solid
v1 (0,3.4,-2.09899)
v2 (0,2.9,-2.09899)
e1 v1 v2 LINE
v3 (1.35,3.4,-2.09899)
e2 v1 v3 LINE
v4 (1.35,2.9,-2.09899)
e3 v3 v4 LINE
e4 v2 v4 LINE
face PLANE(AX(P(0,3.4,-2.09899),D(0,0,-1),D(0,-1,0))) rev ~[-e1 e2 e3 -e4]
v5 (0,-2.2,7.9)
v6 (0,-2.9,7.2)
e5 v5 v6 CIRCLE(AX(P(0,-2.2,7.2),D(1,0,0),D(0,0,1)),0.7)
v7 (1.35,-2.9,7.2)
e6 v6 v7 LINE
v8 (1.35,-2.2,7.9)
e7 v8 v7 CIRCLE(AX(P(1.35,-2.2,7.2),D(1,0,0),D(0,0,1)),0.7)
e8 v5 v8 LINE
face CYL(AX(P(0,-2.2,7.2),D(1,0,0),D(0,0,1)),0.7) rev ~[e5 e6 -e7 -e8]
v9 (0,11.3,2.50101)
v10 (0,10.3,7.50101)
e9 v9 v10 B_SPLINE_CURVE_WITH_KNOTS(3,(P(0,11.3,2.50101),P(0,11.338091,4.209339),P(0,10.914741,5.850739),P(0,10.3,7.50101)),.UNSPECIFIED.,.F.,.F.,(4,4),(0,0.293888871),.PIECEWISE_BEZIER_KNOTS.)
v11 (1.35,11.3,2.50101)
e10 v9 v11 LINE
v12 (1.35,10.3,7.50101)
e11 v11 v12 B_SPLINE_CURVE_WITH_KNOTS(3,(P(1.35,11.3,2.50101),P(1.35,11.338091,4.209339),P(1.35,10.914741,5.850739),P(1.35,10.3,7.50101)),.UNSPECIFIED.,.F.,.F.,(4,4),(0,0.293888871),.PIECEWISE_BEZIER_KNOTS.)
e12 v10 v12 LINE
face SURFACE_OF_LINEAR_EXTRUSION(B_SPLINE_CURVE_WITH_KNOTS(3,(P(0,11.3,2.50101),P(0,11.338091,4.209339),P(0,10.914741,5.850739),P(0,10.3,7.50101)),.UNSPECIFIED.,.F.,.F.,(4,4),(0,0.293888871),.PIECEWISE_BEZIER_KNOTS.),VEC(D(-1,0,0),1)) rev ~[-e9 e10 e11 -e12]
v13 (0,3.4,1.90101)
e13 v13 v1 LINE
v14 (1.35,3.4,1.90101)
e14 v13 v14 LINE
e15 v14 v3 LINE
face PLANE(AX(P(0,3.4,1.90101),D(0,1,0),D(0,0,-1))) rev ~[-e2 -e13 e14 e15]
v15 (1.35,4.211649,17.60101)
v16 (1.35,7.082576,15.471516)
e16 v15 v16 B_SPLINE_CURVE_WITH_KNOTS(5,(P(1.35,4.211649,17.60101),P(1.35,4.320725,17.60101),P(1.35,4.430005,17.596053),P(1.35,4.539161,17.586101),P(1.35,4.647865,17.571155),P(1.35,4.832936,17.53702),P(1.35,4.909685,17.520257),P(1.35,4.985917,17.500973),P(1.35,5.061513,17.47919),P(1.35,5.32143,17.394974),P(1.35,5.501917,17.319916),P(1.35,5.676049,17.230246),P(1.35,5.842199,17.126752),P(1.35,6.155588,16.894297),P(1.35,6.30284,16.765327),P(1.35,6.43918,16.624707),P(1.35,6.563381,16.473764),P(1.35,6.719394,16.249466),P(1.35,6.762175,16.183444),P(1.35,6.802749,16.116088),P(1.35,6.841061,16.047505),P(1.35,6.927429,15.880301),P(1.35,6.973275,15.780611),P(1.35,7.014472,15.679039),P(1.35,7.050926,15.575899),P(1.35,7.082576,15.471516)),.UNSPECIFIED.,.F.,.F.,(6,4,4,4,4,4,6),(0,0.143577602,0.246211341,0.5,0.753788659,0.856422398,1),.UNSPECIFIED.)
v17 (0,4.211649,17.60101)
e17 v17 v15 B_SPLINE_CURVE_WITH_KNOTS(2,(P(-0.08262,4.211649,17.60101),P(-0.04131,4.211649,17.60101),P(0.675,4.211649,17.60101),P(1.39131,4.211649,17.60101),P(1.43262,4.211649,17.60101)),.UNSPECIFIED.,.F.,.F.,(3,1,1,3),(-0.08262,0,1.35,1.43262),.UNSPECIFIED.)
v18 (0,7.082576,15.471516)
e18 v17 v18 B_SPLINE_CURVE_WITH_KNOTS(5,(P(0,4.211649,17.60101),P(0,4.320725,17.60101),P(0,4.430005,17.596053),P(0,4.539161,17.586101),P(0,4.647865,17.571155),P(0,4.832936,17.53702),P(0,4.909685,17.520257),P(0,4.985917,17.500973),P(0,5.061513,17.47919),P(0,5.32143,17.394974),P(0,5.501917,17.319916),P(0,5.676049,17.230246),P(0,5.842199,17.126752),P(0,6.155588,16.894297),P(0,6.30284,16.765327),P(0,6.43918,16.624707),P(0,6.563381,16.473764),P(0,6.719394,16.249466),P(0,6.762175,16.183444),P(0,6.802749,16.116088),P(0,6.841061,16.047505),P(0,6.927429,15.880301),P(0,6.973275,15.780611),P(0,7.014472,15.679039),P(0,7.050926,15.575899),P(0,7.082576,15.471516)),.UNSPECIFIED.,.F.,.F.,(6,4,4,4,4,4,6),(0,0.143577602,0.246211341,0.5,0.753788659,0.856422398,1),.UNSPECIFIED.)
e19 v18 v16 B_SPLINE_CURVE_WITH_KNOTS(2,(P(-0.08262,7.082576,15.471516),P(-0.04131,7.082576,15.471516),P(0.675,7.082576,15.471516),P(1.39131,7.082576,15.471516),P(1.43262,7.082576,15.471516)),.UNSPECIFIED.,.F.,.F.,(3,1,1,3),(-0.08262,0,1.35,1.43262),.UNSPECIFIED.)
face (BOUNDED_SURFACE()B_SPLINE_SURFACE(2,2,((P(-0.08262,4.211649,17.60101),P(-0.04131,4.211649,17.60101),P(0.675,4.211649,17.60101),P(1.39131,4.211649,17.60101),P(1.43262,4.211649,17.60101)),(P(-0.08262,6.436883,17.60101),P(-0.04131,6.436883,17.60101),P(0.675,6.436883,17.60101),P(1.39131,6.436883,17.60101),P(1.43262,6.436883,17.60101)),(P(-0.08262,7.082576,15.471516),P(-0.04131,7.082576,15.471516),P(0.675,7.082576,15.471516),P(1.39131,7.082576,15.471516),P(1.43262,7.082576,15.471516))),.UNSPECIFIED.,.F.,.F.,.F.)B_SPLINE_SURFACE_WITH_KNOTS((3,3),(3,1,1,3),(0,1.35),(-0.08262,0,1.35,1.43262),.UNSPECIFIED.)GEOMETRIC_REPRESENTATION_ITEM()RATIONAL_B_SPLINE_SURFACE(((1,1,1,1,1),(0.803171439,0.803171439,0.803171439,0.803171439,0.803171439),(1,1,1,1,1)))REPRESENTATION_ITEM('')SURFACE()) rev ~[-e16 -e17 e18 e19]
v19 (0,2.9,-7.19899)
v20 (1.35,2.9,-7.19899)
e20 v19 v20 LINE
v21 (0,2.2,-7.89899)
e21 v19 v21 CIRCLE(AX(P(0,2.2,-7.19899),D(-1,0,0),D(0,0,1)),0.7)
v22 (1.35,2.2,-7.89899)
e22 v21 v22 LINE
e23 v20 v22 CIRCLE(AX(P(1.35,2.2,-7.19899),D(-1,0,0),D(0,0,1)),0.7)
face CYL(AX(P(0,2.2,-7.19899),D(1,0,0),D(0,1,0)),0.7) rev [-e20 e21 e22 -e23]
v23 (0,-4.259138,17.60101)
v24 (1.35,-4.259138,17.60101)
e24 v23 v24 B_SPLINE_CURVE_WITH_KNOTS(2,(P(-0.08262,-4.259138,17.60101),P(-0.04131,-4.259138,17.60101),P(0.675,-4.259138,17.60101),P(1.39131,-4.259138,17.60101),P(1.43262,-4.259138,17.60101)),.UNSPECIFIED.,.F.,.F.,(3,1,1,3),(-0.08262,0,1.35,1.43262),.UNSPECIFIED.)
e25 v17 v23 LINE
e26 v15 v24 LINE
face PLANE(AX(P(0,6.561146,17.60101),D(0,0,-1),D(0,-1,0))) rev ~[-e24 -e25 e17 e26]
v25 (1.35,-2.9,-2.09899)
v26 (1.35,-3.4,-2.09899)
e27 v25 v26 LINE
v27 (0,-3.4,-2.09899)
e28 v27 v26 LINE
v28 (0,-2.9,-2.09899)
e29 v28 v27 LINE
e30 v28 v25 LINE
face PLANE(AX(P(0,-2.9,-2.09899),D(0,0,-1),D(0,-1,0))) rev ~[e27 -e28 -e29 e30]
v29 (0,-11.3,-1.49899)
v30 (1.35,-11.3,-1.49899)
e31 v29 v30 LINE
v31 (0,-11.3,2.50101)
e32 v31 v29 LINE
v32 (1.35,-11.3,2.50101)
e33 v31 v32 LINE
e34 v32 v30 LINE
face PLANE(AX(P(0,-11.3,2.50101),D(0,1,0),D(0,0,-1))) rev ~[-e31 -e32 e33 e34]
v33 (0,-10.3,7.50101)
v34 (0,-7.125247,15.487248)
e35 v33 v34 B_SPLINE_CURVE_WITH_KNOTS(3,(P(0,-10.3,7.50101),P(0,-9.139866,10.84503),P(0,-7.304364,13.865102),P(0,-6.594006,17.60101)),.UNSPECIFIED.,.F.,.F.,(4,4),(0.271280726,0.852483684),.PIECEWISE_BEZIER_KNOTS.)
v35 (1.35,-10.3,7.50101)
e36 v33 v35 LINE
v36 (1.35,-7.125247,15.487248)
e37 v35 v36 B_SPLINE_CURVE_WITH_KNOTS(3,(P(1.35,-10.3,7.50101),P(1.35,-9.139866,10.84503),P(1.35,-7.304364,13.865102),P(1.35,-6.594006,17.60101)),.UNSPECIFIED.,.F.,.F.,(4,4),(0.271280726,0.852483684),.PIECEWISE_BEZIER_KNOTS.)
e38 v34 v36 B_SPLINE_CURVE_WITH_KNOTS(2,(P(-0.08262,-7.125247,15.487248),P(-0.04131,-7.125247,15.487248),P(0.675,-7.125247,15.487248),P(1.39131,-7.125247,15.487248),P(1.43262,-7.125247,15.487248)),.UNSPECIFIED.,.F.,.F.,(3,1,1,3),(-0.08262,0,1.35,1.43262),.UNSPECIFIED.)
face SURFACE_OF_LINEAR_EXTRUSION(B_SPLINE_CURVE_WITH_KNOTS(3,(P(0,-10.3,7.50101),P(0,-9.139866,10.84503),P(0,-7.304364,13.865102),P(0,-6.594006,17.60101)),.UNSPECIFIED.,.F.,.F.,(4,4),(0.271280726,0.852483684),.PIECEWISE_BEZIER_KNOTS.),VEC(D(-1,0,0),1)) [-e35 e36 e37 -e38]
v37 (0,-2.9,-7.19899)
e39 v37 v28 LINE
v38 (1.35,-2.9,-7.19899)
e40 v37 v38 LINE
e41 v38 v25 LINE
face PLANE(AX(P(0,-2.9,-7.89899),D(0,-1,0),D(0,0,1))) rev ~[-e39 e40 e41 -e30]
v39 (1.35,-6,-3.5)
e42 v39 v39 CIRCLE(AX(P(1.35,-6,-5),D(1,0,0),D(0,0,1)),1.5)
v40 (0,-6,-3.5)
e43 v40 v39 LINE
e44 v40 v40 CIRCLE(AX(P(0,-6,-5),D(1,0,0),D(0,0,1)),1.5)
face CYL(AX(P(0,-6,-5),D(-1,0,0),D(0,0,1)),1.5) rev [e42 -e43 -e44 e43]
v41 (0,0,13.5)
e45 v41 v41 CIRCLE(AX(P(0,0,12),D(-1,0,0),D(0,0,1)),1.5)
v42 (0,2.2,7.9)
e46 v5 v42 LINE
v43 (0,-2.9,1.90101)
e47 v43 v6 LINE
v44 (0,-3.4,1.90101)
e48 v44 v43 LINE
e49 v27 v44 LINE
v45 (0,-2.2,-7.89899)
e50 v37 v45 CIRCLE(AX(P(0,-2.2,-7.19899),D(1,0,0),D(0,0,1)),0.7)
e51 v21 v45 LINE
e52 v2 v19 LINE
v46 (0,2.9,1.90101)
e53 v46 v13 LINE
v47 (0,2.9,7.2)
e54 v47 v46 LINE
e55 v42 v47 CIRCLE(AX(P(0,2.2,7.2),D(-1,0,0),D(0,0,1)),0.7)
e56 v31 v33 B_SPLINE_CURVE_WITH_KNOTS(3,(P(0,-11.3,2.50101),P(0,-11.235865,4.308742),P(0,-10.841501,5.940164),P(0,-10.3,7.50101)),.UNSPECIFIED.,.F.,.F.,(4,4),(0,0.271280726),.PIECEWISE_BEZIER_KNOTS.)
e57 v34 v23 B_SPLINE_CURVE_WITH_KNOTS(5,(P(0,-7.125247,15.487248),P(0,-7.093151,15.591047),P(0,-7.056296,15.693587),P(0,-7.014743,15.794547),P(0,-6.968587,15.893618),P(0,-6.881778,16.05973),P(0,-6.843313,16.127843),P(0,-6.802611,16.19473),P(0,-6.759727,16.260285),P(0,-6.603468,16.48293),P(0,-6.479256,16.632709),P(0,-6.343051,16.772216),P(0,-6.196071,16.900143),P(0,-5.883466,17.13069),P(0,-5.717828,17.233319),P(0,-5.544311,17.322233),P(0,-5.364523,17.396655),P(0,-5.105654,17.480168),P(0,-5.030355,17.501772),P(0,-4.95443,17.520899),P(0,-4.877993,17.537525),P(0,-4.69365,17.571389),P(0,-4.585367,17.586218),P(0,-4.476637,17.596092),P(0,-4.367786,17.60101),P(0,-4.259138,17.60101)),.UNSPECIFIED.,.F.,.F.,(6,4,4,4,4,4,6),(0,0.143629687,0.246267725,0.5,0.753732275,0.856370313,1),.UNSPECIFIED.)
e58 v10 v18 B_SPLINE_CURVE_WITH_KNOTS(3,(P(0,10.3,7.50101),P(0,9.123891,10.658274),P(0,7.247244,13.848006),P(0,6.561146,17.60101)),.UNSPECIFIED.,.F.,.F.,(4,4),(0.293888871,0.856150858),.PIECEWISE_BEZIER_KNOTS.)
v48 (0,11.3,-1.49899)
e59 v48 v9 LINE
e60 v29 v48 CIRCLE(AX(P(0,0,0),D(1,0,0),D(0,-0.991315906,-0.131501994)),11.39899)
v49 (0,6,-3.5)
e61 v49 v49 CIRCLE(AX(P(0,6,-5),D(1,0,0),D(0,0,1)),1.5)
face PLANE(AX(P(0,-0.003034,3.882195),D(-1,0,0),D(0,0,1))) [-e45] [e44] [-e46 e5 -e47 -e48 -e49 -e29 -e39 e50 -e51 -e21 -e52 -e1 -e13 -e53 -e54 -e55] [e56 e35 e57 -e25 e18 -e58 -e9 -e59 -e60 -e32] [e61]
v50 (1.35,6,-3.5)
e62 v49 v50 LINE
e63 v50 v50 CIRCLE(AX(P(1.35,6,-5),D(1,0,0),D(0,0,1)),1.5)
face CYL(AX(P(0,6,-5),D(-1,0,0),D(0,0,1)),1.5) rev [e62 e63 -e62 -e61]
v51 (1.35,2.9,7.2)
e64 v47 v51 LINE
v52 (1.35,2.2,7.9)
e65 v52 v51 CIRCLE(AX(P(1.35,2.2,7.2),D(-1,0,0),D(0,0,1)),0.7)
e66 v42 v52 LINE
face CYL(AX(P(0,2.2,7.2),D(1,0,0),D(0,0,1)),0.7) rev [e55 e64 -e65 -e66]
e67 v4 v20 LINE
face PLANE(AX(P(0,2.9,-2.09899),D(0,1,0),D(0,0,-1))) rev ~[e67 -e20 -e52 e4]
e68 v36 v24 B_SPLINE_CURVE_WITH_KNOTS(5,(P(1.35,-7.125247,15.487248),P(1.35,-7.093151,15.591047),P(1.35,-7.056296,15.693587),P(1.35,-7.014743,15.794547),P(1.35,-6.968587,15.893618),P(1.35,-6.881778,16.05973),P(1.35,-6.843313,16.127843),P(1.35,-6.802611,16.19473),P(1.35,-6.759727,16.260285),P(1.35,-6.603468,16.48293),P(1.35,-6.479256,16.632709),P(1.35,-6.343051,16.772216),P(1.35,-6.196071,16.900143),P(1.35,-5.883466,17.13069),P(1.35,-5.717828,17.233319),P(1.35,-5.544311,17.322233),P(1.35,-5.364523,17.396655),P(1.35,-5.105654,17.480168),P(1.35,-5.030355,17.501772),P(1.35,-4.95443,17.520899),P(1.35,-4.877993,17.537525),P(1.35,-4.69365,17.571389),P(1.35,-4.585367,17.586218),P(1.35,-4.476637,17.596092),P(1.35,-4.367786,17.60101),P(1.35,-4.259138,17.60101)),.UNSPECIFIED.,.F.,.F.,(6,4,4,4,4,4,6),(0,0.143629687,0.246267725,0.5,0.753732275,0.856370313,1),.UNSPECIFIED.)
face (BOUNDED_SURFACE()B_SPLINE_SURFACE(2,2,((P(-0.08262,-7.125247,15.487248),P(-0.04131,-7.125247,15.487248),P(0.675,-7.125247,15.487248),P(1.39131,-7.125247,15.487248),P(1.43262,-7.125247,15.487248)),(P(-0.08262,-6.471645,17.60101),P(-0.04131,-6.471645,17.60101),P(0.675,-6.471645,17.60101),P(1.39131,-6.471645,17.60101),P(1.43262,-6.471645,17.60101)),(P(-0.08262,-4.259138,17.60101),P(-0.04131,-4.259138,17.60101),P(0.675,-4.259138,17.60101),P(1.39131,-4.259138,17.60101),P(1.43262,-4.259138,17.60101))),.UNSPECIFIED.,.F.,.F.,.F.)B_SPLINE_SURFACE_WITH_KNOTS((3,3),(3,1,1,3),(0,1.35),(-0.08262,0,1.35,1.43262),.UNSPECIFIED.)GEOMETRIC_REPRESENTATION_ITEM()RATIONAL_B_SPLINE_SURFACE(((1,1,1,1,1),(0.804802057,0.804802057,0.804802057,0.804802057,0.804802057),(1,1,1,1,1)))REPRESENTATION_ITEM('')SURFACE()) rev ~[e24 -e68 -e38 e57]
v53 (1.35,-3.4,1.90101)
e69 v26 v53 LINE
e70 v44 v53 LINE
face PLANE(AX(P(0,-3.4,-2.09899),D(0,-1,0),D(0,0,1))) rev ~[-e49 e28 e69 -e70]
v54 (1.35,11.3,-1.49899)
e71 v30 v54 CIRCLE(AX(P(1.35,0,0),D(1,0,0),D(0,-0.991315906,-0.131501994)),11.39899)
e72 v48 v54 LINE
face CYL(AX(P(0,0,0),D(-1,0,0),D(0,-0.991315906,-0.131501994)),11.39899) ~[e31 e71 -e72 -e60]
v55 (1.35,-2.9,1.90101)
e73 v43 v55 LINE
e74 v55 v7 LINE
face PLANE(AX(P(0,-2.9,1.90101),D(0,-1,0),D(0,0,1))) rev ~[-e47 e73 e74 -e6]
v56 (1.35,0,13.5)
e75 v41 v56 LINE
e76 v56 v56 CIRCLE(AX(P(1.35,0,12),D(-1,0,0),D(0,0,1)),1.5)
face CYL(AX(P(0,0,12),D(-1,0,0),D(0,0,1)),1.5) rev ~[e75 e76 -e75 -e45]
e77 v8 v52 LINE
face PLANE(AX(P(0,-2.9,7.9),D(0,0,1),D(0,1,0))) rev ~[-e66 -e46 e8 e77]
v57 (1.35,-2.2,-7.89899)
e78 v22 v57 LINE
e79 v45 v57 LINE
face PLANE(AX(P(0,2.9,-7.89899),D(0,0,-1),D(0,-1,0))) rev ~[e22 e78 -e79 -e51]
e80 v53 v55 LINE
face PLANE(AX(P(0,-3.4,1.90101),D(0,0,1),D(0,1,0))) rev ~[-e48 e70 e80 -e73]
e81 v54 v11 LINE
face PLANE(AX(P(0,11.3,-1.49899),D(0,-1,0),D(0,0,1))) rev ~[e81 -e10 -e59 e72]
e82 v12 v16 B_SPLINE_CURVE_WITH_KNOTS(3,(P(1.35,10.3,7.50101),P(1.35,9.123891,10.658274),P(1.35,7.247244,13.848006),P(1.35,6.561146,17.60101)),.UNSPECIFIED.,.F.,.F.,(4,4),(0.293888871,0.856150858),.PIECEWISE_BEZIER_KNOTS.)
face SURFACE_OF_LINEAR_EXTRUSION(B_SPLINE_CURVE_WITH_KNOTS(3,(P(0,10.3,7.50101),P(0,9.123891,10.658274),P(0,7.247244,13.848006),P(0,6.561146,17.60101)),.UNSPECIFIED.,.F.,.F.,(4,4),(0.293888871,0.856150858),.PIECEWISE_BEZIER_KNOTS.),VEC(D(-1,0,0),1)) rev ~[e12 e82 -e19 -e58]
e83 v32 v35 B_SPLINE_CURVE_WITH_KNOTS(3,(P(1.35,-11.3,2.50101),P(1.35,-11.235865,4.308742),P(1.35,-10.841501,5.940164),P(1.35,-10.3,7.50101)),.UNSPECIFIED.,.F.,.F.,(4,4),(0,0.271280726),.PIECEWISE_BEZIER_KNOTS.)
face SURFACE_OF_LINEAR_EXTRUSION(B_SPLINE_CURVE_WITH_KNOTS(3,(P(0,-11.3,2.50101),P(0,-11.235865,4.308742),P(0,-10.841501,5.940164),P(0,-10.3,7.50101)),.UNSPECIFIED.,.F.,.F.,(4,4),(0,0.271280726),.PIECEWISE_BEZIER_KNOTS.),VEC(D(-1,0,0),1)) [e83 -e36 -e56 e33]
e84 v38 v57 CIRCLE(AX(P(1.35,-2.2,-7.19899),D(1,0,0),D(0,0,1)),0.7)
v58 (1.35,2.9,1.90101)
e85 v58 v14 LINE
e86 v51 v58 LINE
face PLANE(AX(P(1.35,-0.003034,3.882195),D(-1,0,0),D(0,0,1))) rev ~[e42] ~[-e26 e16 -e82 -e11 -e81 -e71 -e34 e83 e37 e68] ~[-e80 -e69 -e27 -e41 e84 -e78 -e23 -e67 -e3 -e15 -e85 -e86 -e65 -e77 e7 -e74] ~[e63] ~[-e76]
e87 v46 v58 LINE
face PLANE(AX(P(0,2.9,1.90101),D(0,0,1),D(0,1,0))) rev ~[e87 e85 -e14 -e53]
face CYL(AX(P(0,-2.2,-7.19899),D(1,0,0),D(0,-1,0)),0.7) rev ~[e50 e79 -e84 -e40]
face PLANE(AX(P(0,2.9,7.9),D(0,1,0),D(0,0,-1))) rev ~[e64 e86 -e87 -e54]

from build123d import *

# Parameters (mm, degrees)
SCHIZZO1_R                   = 1.5
ESTRUSIONE_ESTRUSIONE1_DEPTH = 1.35
RACCORDO2_R                  = 3
RACCORDO3_R                  = 3
RACCORDO4_R                  = 0.7


with BuildPart() as part:
    # Schizzo1 → Estrusione-Estrusione1 (new body)
    with BuildSketch(Plane(origin=(0, 0, 0), x_dir=(0, 0, -1), z_dir=(1, 0, 0))):
        with BuildLine():
            add(Edge.make_bspline(
                [(-7.501010101, -10.3), (-10.845030199, -9.13986581), (-13.865102381, -7.304364218), (-17.601010101, -6.594005849)],
                knots=[0.271280726, 0.271280726, 0.271280726, 0.271280726, 0.852483684, 0.852483684, 0.852483684, 0.852483684], degree=3))
            add(Edge.make_bspline(
                [(-2.501010101, -11.3), (-4.308742426, -11.235865063), (-5.940164296, -10.841501107), (-7.501010101, -10.3)],
                knots=[0, 0, 0, 0, 0.271280726, 0.271280726, 0.271280726, 0.271280726], degree=3))
            Line((-2.501010101, -11.3), (1.498989899, -11.3))
            ThreePointArc((1.498989899, -11.3), (11.398989899, 0), (1.498989899, 11.3))
            Line((1.498989899, 11.3), (-2.501010101, 11.3))
            add(Edge.make_bspline(
                [(-2.501010101, 11.3), (-4.209338931, 11.338090952), (-5.850739142, 10.914740779), (-7.501010101, 10.3)],
                knots=[0, 0, 0, 0, 0.293888871, 0.293888871, 0.293888871, 0.293888871], degree=3))
            add(Edge.make_bspline(
                [(-7.501010101, 10.3), (-10.658273676, 9.123890914), (-13.848006436, 7.247243694), (-17.601010101, 6.561146452)],
                knots=[0.293888871, 0.293888871, 0.293888871, 0.293888871, 0.856150858, 0.856150858, 0.856150858, 0.856150858], degree=3))
            Line((-17.601010101, 6.561146452), (-17.601010101, 0))
            Line((-17.601010101, 0), (-17.601010101, -6.594005849))
        make_face()
        with Locations(Location((5, -6, 0), (0, 0, 180))):
            Circle(SCHIZZO1_R, mode=Mode.SUBTRACT)
        with BuildLine():
            ThreePointArc((-10.5, 0), (-12, -1.5), (-13.5, 0))
            ThreePointArc((-13.5, 0), (-12, 1.5), (-10.5, 0))
        make_face(mode=Mode.SUBTRACT)
        Polygon((-7.9, -2.9), (-7.9, 0), (-7.9, 2.9), (-1.901010101, 2.9), (-1.901010101, 3.4), (2.098989899, 3.4), (2.098989899, 2.9), (7.898989899, 2.9), (7.898989899, -2.9), (2.098989899, -2.9), (2.098989899, -3.4), (-1.901010101, -3.4), (-1.901010101, -2.9), align=None, mode=Mode.SUBTRACT)
        with Locations(Location((5, 6, 0), (0, 0, 180))):
            Circle(SCHIZZO1_R, mode=Mode.SUBTRACT)
    extrude(amount=ESTRUSIONE_ESTRUSIONE1_DEPTH)

    # Raccordo2
    raccordo2_edges = [part.edges().sort_by_distance(p)[0] for p in [
        (0.675, -6.594005849, 17.601010101),
    ]]
    fillet(raccordo2_edges, radius=RACCORDO2_R)

    # Raccordo3
    raccordo3_edges = [part.edges().sort_by_distance(p)[0] for p in [
        (0.675, 6.561146452, 17.601010101),
    ]]
    fillet(raccordo3_edges, radius=RACCORDO3_R)

    # Raccordo4
    raccordo4_edges = [part.edges().sort_by_distance(p)[0] for p in [
        (0.675, -2.9, -7.898989899),
        (0.675, 2.9, -7.898989899),
        (0.675, 2.9, 7.9),
        (0.675, -2.9, 7.9),
    ]]
    fillet(raccordo4_edges, radius=RACCORDO4_R)


solid = part.part
